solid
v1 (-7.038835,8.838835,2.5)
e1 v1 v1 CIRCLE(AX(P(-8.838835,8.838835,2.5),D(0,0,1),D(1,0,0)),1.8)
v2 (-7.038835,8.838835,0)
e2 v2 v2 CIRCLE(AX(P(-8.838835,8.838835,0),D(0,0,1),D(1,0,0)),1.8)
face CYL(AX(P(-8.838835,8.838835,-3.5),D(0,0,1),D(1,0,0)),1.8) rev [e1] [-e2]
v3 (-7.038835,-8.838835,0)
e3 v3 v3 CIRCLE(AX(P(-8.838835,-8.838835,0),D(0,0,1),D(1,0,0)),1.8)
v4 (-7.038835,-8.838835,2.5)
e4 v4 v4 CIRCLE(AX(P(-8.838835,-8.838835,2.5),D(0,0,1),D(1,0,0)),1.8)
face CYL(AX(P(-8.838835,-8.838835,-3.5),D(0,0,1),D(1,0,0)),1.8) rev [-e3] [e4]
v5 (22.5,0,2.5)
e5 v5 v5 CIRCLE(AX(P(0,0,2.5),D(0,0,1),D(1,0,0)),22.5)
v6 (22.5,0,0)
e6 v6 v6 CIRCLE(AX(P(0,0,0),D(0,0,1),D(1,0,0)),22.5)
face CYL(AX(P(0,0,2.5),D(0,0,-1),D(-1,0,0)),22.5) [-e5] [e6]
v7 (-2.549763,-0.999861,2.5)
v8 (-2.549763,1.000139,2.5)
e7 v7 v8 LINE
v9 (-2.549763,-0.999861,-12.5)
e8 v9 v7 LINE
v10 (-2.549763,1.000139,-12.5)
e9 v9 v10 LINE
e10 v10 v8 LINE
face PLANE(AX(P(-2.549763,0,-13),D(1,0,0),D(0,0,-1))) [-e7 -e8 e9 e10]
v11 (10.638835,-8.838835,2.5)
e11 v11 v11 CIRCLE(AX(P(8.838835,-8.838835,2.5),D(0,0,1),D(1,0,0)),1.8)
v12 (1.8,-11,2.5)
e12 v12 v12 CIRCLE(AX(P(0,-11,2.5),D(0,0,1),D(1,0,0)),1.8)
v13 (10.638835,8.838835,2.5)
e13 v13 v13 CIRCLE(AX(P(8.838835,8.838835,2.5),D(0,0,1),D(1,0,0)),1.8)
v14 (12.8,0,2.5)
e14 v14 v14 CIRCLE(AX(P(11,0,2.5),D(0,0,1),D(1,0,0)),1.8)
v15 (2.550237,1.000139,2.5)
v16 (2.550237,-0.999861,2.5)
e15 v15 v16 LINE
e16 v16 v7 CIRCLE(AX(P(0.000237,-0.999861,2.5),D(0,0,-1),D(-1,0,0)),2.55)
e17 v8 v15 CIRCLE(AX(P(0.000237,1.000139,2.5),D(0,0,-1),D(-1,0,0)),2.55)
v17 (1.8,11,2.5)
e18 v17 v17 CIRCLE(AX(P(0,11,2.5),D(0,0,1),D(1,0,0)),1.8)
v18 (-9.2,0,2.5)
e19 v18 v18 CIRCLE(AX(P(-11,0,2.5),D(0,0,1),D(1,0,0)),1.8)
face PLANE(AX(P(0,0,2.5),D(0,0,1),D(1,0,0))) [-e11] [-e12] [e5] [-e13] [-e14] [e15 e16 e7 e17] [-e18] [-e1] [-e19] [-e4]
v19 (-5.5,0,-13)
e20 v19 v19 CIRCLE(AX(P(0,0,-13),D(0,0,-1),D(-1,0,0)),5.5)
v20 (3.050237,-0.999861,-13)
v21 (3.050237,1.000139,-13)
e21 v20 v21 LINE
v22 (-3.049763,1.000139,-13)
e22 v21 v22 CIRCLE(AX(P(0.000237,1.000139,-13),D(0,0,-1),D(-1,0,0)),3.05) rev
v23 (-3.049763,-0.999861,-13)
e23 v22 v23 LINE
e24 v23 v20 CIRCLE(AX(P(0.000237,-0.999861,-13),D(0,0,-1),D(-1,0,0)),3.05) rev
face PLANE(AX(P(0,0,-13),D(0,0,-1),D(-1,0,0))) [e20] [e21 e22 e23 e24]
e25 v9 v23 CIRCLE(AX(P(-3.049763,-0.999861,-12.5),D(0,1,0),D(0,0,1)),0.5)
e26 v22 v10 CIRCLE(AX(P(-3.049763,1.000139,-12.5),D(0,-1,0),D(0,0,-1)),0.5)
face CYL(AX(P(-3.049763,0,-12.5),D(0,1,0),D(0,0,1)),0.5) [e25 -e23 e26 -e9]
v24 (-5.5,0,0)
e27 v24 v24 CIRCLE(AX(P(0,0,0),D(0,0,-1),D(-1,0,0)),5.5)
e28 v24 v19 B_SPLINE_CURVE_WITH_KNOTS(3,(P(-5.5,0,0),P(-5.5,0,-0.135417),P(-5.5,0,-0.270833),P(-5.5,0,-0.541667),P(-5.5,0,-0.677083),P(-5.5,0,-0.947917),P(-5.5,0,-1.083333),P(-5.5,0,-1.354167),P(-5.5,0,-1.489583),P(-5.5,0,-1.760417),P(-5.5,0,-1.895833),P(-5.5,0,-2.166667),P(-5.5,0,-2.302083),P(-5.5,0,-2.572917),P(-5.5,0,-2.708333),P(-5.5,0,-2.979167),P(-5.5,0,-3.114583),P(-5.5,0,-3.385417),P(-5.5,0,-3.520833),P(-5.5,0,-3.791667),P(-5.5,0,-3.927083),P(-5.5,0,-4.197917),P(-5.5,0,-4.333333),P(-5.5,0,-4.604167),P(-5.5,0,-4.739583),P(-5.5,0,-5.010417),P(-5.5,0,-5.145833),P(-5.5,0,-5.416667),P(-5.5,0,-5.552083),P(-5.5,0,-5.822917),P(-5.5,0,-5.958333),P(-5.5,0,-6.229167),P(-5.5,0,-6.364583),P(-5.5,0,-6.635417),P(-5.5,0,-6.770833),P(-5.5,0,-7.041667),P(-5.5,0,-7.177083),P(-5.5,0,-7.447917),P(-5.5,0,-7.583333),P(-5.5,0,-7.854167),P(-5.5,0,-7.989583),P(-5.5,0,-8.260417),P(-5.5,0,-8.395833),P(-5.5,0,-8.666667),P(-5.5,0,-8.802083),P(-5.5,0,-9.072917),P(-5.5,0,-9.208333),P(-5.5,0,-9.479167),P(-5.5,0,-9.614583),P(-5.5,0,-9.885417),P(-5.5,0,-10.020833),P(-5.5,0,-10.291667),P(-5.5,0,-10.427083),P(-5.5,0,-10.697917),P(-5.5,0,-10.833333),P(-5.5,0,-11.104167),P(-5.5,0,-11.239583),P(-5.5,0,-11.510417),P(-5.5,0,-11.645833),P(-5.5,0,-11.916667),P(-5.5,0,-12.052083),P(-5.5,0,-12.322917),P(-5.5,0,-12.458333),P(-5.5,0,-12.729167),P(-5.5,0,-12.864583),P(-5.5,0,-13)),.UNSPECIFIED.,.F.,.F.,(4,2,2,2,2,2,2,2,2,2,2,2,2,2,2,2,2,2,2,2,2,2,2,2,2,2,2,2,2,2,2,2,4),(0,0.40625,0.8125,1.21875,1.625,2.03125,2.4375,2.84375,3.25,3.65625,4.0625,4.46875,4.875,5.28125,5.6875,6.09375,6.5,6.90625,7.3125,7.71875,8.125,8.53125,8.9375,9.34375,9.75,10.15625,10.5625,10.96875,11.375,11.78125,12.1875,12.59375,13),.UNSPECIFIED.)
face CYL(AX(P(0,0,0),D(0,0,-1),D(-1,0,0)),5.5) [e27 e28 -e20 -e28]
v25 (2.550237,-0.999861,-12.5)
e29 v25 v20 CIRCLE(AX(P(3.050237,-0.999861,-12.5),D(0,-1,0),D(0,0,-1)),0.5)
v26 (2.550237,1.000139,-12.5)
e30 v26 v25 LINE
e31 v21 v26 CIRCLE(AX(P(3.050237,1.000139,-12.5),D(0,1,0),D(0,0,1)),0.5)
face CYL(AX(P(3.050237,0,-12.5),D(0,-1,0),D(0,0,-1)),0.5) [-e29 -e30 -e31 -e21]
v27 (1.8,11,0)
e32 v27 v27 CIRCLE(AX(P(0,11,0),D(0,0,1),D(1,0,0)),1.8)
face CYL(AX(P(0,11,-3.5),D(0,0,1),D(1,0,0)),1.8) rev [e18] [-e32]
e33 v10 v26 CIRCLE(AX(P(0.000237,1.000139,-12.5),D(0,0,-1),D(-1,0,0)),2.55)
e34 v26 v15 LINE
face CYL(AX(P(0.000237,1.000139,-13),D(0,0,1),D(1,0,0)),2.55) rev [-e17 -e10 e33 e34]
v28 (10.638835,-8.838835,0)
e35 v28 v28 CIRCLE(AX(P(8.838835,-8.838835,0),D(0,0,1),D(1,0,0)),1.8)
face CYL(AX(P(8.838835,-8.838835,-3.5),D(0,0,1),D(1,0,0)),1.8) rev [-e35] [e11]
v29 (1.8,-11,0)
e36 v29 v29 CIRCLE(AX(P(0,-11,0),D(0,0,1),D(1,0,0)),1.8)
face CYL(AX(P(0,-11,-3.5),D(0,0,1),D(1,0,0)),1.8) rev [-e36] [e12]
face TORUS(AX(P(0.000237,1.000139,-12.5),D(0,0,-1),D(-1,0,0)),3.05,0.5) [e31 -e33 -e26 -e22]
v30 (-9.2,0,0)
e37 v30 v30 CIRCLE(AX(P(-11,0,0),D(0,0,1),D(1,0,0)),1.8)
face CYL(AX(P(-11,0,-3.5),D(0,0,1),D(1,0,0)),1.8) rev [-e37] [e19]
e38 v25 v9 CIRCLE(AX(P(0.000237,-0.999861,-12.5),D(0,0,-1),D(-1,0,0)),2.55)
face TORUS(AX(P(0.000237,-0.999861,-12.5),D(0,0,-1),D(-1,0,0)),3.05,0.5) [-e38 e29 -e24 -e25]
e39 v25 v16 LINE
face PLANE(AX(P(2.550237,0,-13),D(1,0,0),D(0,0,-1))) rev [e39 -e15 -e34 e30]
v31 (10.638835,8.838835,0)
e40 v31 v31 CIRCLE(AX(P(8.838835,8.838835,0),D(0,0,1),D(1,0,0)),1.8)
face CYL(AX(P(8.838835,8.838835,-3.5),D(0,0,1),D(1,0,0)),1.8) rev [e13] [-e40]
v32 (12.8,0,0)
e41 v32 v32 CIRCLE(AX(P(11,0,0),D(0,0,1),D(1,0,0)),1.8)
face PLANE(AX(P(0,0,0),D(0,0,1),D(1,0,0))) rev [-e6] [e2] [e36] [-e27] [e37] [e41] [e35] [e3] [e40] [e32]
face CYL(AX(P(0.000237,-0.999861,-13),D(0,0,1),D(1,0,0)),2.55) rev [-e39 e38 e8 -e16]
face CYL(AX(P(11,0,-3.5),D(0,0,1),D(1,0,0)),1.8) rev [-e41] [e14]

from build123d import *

# Parameters (mm, degrees)
SKETCH_1_R          = 22.5
EXTRUDE_1_DEPTH     = 2.5
SKETCH_4_R          = 7.5
EXTRUDE_2_DEPTH     = 4
SKETCH_5_R          = 7.5
SKETCH_5_R_2        = 3.55
EXTRUDE_3_DEPTH     = 9
SKETCH_6_R          = 1.8
CUT_EXTRUDE_2_DEPTH = 6
FILLET_1_R          = 0.5
CUT_EXTRUDE_3_DEPTH = 34.068111528
SKETCH_8_R          = 7.500275011
SKETCH_8_R_2        = 5.5
CUT_EXTRUDE_4_DEPTH = 13


with BuildPart() as part:
    # 草图1 → 凸台-拉伸1 (new body)
    with BuildSketch(Plane.XY):
        Circle(SKETCH_1_R)
    extrude(amount=EXTRUDE_1_DEPTH)

    # 草图4 → 凸台-拉伸2 (add)
    with BuildSketch(Plane(origin=(0, 0, 0), x_dir=(-1, 0, 0), z_dir=(0, 0, -1))):
        Circle(SKETCH_4_R)
    extrude(amount=EXTRUDE_2_DEPTH)

    # 草图5 → 凸台-拉伸3 (add)
    # profile 1 of 3: a face of its own
    with BuildSketch(Plane(origin=(0, 0, -4), x_dir=(-1, 0, 0), z_dir=(0, 0, -1))):
        with Locations(Location((0, 0, 0), (0, 0, 239.61601222))):
            Circle(SKETCH_5_R)
        with Locations((-0.000237242, 0.000139094)):
            Circle(SKETCH_5_R_2, mode=Mode.SUBTRACT)
    # profile 2 of 3: a face of its own
    with BuildSketch(Plane(origin=(0, 0, -4), x_dir=(-1, 0, 0), z_dir=(0, 0, -1))):
        with BuildLine():
            ThreePointArc((-0.000237242, -3.549860906), (-1.803359534, -2.802983198), (-2.550237242, -0.999860906))
            Line((-2.550237242, -0.999860906), (-2.550237242, 1.000139094))
            ThreePointArc((-2.550237242, 1.000139094), (-1.803359534, 2.803261386), (-0.000237242, 3.550139094))
            ThreePointArc((-0.000237242, 3.550139094), (-3.550237242, 0.000139094), (-0.000237242, -3.549860906))
        make_face()
    # profile 3 of 3: a face of its own
    with BuildSketch(Plane(origin=(0, 0, -4), x_dir=(-1, 0, 0), z_dir=(0, 0, -1))):
        with BuildLine():
            ThreePointArc((2.549762758, -0.999860906), (1.80288505, -2.802983198), (-0.000237242, -3.549860906))
            ThreePointArc((-0.000237242, -3.549860906), (2.509991831, -2.510089979), (3.549762758, 0.000139094))
            ThreePointArc((3.549762758, 0.000139094), (2.509991831, 2.510368167), (-0.000237242, 3.550139094))
            ThreePointArc((-0.000237242, 3.550139094), (1.80288505, 2.803261386), (2.549762758, 1.000139094))
            Line((2.549762758, 1.000139094), (2.549762758, -0.999860906))
        make_face()
    extrude(amount=EXTRUDE_3_DEPTH)

    # 草图6 → 切除-拉伸2 (cut)
    with BuildSketch(Plane.XY.offset(2.5)):
        with Locations((0, 11)):
            Circle(SKETCH_6_R)
        with Locations((-8.838834765, 8.838834765)):
            Circle(SKETCH_6_R)
        with Locations((8.838834765, 8.838834765)):
            Circle(SKETCH_6_R)
        with Locations((8.838834765, -8.838834765)):
            Circle(SKETCH_6_R)
        with Locations((-8.838834765, -8.838834765)):
            Circle(SKETCH_6_R)
        with Locations((11, 0)):
            Circle(SKETCH_6_R)
        with Locations((0, -11)):
            Circle(SKETCH_6_R)
        with Locations((-11, 0)):
            Circle(SKETCH_6_R)
    extrude(amount=-CUT_EXTRUDE_2_DEPTH, mode=Mode.SUBTRACT)

    # 圆角1
    fillet_1_edges = [part.edges().sort_by_distance(p)[0] for p in [
        (0.000237242, -3.549860906, -13),
        (0.000237242, 3.550139094, -13),
        (-2.549762758, 0.000139094, -13),
        (2.550237242, 0.000139094, -13),
    ]]
    fillet(fillet_1_edges, radius=FILLET_1_R)

    # 草图7 → 切除-拉伸3 (cut, through all)
    with BuildSketch(Plane(origin=(0, 0, -4), x_dir=(-1, 0, 0), z_dir=(0, 0, -1))):
        with BuildLine():
            Line((-2.550237242, 1.000139094), (-2.550237242, -0.999860906))
            ThreePointArc((-2.550237242, -0.999860906), (-0.000237242, -3.549860906), (2.549762758, -0.999860906))
            Line((2.549762758, -0.999860906), (2.549762758, 1.000139094))
            ThreePointArc((2.549762758, 1.000139094), (-0.000237242, 3.550139094), (-2.550237242, 1.000139094))
        make_face()
    extrude(amount=-CUT_EXTRUDE_3_DEPTH, mode=Mode.SUBTRACT)

    # 草图8 → 切除-拉伸4 (cut)
    with BuildSketch(Plane(origin=(0, 0, -13), x_dir=(-1, 0, 0), z_dir=(0, 0, -1))):
        Circle(SKETCH_8_R)
        Circle(SKETCH_8_R_2, mode=Mode.SUBTRACT)
    extrude(amount=-CUT_EXTRUDE_4_DEPTH, mode=Mode.SUBTRACT)


solid = part.part
